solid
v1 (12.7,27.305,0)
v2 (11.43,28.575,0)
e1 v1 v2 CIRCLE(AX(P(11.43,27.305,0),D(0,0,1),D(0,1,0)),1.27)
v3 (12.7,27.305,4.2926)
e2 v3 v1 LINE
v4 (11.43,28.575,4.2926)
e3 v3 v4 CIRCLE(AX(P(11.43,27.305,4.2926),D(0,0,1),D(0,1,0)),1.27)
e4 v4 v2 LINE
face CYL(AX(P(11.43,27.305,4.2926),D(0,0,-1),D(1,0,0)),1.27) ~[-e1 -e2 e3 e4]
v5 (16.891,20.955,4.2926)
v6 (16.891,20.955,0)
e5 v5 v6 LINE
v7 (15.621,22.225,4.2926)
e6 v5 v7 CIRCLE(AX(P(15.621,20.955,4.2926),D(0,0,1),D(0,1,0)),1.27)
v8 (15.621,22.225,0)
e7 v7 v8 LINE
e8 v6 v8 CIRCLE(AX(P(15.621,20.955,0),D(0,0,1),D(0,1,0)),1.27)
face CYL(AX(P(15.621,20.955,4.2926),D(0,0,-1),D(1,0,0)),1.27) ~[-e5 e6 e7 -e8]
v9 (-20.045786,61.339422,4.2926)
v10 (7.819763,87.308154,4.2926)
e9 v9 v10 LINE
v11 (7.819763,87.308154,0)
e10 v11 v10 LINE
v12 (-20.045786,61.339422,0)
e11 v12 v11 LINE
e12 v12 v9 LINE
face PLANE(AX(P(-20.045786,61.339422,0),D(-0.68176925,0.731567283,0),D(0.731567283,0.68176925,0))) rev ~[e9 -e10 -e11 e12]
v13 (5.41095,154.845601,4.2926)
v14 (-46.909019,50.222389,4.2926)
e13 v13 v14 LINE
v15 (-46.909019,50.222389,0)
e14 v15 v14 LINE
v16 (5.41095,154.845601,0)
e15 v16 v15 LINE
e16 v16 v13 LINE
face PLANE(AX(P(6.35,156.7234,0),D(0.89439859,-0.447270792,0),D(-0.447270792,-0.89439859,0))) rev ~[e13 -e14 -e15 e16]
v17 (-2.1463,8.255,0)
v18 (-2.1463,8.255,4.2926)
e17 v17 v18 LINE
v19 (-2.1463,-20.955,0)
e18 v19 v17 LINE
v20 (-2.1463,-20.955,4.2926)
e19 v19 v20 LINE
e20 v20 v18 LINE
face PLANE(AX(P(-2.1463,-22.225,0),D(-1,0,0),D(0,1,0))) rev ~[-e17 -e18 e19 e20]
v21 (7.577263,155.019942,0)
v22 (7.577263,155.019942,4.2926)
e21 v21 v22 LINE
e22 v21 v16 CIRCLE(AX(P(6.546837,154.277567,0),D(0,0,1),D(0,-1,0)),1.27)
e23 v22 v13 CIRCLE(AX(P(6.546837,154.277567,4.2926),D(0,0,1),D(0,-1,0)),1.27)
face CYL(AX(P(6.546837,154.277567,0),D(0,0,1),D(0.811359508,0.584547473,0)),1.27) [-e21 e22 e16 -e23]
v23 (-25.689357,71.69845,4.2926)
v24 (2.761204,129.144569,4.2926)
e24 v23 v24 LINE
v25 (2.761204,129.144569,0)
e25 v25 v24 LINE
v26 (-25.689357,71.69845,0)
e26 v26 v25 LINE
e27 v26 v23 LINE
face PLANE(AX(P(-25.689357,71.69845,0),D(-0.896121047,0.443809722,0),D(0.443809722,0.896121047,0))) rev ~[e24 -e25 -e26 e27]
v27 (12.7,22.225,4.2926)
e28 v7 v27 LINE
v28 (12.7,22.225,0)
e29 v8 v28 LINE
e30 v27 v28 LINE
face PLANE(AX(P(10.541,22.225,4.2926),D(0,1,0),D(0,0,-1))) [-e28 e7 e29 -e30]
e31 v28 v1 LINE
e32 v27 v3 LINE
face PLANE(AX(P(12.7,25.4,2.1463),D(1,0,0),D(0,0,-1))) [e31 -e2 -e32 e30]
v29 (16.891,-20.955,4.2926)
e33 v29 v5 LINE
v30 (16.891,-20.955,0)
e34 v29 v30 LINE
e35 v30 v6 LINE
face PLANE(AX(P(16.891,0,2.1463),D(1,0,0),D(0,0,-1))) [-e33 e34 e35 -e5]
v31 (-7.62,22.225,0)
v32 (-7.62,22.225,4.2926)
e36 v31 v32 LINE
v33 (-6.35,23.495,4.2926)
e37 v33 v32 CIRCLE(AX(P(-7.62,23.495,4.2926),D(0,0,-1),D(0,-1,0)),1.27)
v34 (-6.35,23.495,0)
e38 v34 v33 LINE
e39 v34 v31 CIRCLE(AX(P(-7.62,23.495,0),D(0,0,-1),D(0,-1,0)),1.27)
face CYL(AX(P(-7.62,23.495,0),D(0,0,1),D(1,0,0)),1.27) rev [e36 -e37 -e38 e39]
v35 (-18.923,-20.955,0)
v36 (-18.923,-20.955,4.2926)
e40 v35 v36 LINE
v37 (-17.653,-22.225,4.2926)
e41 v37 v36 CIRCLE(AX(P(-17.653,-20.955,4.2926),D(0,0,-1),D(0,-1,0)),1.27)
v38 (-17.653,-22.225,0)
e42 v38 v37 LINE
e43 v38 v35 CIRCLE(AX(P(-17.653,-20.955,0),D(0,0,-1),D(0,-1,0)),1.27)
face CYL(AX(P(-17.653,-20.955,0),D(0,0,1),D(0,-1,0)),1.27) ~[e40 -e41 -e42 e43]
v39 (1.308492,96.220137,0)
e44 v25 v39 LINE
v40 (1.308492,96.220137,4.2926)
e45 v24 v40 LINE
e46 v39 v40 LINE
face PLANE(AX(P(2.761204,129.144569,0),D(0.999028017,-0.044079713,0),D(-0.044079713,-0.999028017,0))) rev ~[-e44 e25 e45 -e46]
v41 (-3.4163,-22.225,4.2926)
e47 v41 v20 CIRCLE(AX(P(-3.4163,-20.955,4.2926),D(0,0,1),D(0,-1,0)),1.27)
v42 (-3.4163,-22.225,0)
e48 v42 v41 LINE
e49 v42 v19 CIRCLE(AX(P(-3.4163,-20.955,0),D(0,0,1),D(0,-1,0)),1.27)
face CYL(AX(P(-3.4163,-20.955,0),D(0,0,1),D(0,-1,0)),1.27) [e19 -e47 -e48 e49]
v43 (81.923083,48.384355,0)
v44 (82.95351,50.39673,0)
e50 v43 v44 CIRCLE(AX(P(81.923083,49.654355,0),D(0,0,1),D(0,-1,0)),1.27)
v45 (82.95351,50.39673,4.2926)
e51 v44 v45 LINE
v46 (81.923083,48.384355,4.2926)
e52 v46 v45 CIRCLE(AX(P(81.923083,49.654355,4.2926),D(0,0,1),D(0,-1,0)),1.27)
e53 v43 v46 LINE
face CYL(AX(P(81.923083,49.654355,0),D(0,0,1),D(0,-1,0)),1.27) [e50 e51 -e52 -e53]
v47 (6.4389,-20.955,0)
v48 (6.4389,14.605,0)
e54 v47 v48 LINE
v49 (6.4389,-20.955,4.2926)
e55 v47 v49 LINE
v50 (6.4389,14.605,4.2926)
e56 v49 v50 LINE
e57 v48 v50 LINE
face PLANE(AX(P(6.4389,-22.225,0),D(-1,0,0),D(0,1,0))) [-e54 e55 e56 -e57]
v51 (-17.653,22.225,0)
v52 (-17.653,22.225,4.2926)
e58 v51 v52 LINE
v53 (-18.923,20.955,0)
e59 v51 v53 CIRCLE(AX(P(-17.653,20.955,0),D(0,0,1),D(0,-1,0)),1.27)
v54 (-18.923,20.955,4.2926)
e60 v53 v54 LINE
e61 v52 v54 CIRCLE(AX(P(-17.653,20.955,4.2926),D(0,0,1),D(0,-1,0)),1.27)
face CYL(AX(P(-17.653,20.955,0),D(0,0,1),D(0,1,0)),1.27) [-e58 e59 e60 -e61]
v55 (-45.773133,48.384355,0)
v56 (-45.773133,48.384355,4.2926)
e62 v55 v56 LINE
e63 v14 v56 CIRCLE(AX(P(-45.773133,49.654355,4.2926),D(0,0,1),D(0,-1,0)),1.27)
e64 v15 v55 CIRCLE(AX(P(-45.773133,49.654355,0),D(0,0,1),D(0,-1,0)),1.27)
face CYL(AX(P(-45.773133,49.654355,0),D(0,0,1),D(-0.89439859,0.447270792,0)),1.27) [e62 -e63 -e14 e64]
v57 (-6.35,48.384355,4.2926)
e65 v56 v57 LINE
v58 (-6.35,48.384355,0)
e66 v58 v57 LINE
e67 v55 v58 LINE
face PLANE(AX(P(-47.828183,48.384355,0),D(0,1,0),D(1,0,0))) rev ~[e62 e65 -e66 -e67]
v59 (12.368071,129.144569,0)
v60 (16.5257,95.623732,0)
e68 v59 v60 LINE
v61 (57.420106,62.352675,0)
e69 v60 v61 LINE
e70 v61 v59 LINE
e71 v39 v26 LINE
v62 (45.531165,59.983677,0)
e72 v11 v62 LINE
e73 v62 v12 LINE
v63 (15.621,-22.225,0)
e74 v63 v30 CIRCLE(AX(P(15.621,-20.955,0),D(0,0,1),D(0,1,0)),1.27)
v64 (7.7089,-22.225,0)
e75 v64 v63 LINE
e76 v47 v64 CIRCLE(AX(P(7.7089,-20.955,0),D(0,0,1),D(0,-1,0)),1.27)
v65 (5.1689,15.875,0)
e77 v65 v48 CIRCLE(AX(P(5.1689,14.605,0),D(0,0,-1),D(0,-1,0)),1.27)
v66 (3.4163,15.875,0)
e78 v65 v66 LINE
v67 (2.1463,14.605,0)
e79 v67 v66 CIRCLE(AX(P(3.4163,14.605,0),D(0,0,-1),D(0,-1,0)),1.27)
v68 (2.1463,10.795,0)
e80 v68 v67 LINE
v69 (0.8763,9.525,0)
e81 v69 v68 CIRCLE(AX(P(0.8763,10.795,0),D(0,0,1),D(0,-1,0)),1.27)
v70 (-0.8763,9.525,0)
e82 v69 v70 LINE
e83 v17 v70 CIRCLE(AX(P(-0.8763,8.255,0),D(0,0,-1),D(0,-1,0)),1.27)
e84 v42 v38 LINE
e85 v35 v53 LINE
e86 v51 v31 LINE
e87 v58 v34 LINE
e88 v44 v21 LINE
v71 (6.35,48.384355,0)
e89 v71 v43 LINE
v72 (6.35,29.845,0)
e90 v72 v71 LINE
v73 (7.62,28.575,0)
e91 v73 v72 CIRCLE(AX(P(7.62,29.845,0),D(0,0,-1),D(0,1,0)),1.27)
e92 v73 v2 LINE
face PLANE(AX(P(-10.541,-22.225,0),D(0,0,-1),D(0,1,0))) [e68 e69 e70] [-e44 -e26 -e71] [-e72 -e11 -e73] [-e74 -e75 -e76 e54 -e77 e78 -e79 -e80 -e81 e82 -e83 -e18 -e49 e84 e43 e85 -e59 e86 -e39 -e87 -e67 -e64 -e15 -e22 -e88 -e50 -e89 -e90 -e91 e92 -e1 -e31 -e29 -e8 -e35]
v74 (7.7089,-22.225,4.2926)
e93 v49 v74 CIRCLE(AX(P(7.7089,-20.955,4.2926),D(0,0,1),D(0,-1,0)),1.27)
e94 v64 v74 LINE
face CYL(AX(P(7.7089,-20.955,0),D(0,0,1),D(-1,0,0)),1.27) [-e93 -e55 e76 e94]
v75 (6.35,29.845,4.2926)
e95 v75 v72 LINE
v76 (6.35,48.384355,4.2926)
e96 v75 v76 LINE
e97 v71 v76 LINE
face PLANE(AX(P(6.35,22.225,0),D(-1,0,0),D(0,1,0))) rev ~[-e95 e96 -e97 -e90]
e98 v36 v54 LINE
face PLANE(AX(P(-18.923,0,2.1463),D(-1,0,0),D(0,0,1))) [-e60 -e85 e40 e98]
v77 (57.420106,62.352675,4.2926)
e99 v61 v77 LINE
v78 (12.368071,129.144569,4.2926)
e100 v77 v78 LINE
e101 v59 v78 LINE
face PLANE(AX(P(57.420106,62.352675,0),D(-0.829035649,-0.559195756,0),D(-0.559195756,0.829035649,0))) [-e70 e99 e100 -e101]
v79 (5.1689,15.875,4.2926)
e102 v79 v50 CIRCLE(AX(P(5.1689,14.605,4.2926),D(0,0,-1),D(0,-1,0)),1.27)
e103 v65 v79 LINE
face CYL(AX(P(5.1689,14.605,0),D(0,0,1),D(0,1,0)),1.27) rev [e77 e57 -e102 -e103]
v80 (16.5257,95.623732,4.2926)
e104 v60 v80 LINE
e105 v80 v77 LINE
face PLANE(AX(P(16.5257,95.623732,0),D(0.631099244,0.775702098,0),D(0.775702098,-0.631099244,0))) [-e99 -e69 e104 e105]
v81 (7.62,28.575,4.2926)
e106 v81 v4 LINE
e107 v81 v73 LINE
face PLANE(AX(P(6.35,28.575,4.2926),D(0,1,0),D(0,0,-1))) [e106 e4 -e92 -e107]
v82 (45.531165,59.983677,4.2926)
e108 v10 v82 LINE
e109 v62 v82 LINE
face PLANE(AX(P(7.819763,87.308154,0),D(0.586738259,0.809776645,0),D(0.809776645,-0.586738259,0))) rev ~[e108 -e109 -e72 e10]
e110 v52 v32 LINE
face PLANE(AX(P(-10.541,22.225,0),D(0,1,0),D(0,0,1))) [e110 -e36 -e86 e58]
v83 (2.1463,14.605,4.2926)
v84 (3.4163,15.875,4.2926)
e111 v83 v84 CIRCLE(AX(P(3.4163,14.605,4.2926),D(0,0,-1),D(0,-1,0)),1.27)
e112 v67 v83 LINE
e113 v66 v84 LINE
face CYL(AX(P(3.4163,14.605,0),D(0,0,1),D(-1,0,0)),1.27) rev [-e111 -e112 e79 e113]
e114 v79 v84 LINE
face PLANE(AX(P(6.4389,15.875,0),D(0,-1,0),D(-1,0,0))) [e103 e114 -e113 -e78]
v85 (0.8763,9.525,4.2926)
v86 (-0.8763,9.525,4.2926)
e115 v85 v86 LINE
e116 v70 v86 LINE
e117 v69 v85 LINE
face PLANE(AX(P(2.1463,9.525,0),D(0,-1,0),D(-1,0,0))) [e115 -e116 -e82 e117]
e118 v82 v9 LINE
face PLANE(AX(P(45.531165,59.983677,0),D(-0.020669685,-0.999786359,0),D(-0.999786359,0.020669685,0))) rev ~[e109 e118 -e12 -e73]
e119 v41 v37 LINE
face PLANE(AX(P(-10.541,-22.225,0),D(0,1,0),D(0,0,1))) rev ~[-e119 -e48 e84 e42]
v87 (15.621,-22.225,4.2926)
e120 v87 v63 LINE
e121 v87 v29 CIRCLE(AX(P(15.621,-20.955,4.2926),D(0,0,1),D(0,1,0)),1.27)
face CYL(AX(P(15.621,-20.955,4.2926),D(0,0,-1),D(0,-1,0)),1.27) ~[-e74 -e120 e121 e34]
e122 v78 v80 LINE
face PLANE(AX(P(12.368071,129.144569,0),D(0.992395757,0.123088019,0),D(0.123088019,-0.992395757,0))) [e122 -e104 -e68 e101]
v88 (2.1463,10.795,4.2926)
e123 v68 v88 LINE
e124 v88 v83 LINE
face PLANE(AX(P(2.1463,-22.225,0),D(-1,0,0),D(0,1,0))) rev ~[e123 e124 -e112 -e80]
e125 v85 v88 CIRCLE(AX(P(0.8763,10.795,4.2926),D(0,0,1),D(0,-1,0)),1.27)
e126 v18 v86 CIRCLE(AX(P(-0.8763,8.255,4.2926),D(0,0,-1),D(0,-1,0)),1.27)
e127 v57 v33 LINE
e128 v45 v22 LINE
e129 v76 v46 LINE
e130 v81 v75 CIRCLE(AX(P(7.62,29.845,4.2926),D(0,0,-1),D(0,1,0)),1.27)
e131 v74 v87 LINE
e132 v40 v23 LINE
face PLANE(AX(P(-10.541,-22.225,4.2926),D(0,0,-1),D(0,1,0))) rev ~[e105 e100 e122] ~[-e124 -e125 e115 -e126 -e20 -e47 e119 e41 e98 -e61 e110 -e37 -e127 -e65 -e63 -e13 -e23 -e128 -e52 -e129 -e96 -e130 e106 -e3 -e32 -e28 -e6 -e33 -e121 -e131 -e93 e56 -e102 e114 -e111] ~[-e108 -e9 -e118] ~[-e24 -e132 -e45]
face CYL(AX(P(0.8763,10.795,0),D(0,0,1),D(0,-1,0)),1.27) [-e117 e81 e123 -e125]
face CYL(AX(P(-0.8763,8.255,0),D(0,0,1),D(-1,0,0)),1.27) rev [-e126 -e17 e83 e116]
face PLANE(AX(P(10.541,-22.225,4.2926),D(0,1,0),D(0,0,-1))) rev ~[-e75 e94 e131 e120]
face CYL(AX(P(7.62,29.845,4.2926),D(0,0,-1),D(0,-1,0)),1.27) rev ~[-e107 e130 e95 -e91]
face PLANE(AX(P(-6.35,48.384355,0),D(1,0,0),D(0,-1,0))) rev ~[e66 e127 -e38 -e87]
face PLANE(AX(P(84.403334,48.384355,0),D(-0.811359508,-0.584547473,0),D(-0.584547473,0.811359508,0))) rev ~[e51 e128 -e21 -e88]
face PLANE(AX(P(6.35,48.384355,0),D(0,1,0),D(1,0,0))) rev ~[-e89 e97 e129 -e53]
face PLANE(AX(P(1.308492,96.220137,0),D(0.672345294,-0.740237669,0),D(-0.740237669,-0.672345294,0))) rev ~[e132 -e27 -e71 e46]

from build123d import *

# Parameters (mm, degrees)
BOSS_EXTRUDE2_DEPTH = 4.2926
BOSS_EXTRUDE3_DEPTH = 4.2926
SKETCH5_W           = 4.2926
SKETCH5_H           = 31.75
CUT_EXTRUDE2_DEPTH  = 4.2926
SKETCH6_W           = 4.2926
SKETCH6_H           = 38.1
CUT_EXTRUDE3_DEPTH  = 4.2926
SKETCH9_W           = 4.2926
SKETCH9_H           = 44.45
BOSS_EXTRUDE4_DEPTH = 6.35
SKETCH10_W          = 4.2926
SKETCH10_H          = 6.35
BOSS_EXTRUDE5_DEPTH = 6.35
SKETCH12_W          = 4.2926
SKETCH12_H          = 44.45
BOSS_EXTRUDE6_DEPTH = 8.382
FILLET4_R           = 1.27
CUT_EXTRUDE1_DEPTH  = 4.2926


with BuildPart() as part:
    # Sketch2 → Boss-Extrude2 (new body)
    with BuildSketch(Plane.XY):
        Polygon((-47.828182898, 48.384354874), (-6.35, 48.384354874), (-6.35, 22.225), (-10.541, 22.225), (-10.541, -22.225), (10.541, -22.225), (10.541, 22.225), (6.35, 22.225), (6.35, 48.384354874), (84.403334241, 48.384354874), (6.35, 156.723399657), align=None)
    extrude(amount=BOSS_EXTRUDE2_DEPTH)

    # Sketch2<3> → Boss-Extrude3 (add)
    with BuildSketch(Plane.XY):
        Polygon((-6.35, 101.6), (6.35, 101.6), (6.35, 156.723399657), (-47.828182898, 48.384354874), (-6.35, 48.384354874), align=None)
    extrude(amount=BOSS_EXTRUDE3_DEPTH)

    # Sketch5 → Cut-Extrude2 (cut)
    with BuildSketch(Plane(origin=(0, 0, 0), x_dir=(-1, 0, 0), z_dir=(0, 0, -1))):
        with Locations((0, -6.35)):
            Rectangle(SKETCH5_W, SKETCH5_H)
    extrude(amount=-CUT_EXTRUDE2_DEPTH, mode=Mode.SUBTRACT)

    # Sketch6 → Cut-Extrude3 (cut)
    with BuildSketch(Plane(origin=(0, 0, 0), x_dir=(-1, 0, 0), z_dir=(0, 0, -1))):
        with Locations((-4.2926, -3.175)):
            Rectangle(SKETCH6_W, SKETCH6_H)
    extrude(amount=-CUT_EXTRUDE3_DEPTH, mode=Mode.SUBTRACT)

    # Sketch9 → Boss-Extrude4 (add)
    with BuildSketch(Plane(origin=(10.541, 0, 0), x_dir=(0, 0, -1), z_dir=(1, 0, 0))):
        with Locations((-2.1463, 0)):
            Rectangle(SKETCH9_W, SKETCH9_H)
    extrude(amount=BOSS_EXTRUDE4_DEPTH)

    # Sketch10 → Boss-Extrude5 (add)
    with BuildSketch(Plane(origin=(6.35, 0, 0), x_dir=(0, 0, -1), z_dir=(1, 0, 0))):
        with Locations((-2.1463, 25.4)):
            Rectangle(SKETCH10_W, SKETCH10_H)
    extrude(amount=BOSS_EXTRUDE5_DEPTH)

    # Sketch12 → Boss-Extrude6 (add)
    with BuildSketch(Plane.ZY.offset(10.541)):
        with Locations((2.1463, 0)):
            Rectangle(SKETCH12_W, SKETCH12_H)
    extrude(amount=BOSS_EXTRUDE6_DEPTH)

    # Fillet4
    fillet4_edges = [part.edges().sort_by_distance(p)[0] for p in [
        (6.4389, 15.875, 2.1463),
        (2.1463, 15.875, 2.1463),
        (-2.1463, 9.525, 2.1463),
        (2.1463, 9.525, 2.1463),
        (-6.35, 22.225, 2.1463),
        (-2.1463, -22.225, 2.1463),
        (6.4389, -22.225, 2.1463),
        (16.891, -22.225, 2.1463),
        (16.891, 22.225, 2.1463),
        (6.35, 28.575, 2.1463),
        (12.7, 28.575, 2.1463),
        (-18.923, -22.225, 2.1463),
        (-18.923, 22.225, 2.1463),
        (6.35, 156.723399657, 2.1463),
        (-47.828182898, 48.384354874, 2.1463),
        (84.403334241, 48.384354874, 2.1463),
    ]]
    fillet(fillet4_edges, radius=FILLET4_R)

    # Sketch4 → Cut-Extrude1 (cut)
    with BuildSketch(Plane(origin=(0, 0, 0), x_dir=(-1, 0, 0), z_dir=(0, 0, -1))):
        Polygon((-2.761203873, 129.144568559), (-1.308492387, 96.220137091), (25.689356606, 71.698449698), align=None)
        Polygon((-12.368070704, 129.144568559), (-16.525699657, 95.623732399), (-57.420105949, 62.352675196), align=None)
        Polygon((-7.819762817, 87.308153563), (-45.531165478, 59.983677251), (20.045786345, 61.339421803), align=None)
    extrude(amount=-CUT_EXTRUDE1_DEPTH, mode=Mode.SUBTRACT)


solid = part.part
